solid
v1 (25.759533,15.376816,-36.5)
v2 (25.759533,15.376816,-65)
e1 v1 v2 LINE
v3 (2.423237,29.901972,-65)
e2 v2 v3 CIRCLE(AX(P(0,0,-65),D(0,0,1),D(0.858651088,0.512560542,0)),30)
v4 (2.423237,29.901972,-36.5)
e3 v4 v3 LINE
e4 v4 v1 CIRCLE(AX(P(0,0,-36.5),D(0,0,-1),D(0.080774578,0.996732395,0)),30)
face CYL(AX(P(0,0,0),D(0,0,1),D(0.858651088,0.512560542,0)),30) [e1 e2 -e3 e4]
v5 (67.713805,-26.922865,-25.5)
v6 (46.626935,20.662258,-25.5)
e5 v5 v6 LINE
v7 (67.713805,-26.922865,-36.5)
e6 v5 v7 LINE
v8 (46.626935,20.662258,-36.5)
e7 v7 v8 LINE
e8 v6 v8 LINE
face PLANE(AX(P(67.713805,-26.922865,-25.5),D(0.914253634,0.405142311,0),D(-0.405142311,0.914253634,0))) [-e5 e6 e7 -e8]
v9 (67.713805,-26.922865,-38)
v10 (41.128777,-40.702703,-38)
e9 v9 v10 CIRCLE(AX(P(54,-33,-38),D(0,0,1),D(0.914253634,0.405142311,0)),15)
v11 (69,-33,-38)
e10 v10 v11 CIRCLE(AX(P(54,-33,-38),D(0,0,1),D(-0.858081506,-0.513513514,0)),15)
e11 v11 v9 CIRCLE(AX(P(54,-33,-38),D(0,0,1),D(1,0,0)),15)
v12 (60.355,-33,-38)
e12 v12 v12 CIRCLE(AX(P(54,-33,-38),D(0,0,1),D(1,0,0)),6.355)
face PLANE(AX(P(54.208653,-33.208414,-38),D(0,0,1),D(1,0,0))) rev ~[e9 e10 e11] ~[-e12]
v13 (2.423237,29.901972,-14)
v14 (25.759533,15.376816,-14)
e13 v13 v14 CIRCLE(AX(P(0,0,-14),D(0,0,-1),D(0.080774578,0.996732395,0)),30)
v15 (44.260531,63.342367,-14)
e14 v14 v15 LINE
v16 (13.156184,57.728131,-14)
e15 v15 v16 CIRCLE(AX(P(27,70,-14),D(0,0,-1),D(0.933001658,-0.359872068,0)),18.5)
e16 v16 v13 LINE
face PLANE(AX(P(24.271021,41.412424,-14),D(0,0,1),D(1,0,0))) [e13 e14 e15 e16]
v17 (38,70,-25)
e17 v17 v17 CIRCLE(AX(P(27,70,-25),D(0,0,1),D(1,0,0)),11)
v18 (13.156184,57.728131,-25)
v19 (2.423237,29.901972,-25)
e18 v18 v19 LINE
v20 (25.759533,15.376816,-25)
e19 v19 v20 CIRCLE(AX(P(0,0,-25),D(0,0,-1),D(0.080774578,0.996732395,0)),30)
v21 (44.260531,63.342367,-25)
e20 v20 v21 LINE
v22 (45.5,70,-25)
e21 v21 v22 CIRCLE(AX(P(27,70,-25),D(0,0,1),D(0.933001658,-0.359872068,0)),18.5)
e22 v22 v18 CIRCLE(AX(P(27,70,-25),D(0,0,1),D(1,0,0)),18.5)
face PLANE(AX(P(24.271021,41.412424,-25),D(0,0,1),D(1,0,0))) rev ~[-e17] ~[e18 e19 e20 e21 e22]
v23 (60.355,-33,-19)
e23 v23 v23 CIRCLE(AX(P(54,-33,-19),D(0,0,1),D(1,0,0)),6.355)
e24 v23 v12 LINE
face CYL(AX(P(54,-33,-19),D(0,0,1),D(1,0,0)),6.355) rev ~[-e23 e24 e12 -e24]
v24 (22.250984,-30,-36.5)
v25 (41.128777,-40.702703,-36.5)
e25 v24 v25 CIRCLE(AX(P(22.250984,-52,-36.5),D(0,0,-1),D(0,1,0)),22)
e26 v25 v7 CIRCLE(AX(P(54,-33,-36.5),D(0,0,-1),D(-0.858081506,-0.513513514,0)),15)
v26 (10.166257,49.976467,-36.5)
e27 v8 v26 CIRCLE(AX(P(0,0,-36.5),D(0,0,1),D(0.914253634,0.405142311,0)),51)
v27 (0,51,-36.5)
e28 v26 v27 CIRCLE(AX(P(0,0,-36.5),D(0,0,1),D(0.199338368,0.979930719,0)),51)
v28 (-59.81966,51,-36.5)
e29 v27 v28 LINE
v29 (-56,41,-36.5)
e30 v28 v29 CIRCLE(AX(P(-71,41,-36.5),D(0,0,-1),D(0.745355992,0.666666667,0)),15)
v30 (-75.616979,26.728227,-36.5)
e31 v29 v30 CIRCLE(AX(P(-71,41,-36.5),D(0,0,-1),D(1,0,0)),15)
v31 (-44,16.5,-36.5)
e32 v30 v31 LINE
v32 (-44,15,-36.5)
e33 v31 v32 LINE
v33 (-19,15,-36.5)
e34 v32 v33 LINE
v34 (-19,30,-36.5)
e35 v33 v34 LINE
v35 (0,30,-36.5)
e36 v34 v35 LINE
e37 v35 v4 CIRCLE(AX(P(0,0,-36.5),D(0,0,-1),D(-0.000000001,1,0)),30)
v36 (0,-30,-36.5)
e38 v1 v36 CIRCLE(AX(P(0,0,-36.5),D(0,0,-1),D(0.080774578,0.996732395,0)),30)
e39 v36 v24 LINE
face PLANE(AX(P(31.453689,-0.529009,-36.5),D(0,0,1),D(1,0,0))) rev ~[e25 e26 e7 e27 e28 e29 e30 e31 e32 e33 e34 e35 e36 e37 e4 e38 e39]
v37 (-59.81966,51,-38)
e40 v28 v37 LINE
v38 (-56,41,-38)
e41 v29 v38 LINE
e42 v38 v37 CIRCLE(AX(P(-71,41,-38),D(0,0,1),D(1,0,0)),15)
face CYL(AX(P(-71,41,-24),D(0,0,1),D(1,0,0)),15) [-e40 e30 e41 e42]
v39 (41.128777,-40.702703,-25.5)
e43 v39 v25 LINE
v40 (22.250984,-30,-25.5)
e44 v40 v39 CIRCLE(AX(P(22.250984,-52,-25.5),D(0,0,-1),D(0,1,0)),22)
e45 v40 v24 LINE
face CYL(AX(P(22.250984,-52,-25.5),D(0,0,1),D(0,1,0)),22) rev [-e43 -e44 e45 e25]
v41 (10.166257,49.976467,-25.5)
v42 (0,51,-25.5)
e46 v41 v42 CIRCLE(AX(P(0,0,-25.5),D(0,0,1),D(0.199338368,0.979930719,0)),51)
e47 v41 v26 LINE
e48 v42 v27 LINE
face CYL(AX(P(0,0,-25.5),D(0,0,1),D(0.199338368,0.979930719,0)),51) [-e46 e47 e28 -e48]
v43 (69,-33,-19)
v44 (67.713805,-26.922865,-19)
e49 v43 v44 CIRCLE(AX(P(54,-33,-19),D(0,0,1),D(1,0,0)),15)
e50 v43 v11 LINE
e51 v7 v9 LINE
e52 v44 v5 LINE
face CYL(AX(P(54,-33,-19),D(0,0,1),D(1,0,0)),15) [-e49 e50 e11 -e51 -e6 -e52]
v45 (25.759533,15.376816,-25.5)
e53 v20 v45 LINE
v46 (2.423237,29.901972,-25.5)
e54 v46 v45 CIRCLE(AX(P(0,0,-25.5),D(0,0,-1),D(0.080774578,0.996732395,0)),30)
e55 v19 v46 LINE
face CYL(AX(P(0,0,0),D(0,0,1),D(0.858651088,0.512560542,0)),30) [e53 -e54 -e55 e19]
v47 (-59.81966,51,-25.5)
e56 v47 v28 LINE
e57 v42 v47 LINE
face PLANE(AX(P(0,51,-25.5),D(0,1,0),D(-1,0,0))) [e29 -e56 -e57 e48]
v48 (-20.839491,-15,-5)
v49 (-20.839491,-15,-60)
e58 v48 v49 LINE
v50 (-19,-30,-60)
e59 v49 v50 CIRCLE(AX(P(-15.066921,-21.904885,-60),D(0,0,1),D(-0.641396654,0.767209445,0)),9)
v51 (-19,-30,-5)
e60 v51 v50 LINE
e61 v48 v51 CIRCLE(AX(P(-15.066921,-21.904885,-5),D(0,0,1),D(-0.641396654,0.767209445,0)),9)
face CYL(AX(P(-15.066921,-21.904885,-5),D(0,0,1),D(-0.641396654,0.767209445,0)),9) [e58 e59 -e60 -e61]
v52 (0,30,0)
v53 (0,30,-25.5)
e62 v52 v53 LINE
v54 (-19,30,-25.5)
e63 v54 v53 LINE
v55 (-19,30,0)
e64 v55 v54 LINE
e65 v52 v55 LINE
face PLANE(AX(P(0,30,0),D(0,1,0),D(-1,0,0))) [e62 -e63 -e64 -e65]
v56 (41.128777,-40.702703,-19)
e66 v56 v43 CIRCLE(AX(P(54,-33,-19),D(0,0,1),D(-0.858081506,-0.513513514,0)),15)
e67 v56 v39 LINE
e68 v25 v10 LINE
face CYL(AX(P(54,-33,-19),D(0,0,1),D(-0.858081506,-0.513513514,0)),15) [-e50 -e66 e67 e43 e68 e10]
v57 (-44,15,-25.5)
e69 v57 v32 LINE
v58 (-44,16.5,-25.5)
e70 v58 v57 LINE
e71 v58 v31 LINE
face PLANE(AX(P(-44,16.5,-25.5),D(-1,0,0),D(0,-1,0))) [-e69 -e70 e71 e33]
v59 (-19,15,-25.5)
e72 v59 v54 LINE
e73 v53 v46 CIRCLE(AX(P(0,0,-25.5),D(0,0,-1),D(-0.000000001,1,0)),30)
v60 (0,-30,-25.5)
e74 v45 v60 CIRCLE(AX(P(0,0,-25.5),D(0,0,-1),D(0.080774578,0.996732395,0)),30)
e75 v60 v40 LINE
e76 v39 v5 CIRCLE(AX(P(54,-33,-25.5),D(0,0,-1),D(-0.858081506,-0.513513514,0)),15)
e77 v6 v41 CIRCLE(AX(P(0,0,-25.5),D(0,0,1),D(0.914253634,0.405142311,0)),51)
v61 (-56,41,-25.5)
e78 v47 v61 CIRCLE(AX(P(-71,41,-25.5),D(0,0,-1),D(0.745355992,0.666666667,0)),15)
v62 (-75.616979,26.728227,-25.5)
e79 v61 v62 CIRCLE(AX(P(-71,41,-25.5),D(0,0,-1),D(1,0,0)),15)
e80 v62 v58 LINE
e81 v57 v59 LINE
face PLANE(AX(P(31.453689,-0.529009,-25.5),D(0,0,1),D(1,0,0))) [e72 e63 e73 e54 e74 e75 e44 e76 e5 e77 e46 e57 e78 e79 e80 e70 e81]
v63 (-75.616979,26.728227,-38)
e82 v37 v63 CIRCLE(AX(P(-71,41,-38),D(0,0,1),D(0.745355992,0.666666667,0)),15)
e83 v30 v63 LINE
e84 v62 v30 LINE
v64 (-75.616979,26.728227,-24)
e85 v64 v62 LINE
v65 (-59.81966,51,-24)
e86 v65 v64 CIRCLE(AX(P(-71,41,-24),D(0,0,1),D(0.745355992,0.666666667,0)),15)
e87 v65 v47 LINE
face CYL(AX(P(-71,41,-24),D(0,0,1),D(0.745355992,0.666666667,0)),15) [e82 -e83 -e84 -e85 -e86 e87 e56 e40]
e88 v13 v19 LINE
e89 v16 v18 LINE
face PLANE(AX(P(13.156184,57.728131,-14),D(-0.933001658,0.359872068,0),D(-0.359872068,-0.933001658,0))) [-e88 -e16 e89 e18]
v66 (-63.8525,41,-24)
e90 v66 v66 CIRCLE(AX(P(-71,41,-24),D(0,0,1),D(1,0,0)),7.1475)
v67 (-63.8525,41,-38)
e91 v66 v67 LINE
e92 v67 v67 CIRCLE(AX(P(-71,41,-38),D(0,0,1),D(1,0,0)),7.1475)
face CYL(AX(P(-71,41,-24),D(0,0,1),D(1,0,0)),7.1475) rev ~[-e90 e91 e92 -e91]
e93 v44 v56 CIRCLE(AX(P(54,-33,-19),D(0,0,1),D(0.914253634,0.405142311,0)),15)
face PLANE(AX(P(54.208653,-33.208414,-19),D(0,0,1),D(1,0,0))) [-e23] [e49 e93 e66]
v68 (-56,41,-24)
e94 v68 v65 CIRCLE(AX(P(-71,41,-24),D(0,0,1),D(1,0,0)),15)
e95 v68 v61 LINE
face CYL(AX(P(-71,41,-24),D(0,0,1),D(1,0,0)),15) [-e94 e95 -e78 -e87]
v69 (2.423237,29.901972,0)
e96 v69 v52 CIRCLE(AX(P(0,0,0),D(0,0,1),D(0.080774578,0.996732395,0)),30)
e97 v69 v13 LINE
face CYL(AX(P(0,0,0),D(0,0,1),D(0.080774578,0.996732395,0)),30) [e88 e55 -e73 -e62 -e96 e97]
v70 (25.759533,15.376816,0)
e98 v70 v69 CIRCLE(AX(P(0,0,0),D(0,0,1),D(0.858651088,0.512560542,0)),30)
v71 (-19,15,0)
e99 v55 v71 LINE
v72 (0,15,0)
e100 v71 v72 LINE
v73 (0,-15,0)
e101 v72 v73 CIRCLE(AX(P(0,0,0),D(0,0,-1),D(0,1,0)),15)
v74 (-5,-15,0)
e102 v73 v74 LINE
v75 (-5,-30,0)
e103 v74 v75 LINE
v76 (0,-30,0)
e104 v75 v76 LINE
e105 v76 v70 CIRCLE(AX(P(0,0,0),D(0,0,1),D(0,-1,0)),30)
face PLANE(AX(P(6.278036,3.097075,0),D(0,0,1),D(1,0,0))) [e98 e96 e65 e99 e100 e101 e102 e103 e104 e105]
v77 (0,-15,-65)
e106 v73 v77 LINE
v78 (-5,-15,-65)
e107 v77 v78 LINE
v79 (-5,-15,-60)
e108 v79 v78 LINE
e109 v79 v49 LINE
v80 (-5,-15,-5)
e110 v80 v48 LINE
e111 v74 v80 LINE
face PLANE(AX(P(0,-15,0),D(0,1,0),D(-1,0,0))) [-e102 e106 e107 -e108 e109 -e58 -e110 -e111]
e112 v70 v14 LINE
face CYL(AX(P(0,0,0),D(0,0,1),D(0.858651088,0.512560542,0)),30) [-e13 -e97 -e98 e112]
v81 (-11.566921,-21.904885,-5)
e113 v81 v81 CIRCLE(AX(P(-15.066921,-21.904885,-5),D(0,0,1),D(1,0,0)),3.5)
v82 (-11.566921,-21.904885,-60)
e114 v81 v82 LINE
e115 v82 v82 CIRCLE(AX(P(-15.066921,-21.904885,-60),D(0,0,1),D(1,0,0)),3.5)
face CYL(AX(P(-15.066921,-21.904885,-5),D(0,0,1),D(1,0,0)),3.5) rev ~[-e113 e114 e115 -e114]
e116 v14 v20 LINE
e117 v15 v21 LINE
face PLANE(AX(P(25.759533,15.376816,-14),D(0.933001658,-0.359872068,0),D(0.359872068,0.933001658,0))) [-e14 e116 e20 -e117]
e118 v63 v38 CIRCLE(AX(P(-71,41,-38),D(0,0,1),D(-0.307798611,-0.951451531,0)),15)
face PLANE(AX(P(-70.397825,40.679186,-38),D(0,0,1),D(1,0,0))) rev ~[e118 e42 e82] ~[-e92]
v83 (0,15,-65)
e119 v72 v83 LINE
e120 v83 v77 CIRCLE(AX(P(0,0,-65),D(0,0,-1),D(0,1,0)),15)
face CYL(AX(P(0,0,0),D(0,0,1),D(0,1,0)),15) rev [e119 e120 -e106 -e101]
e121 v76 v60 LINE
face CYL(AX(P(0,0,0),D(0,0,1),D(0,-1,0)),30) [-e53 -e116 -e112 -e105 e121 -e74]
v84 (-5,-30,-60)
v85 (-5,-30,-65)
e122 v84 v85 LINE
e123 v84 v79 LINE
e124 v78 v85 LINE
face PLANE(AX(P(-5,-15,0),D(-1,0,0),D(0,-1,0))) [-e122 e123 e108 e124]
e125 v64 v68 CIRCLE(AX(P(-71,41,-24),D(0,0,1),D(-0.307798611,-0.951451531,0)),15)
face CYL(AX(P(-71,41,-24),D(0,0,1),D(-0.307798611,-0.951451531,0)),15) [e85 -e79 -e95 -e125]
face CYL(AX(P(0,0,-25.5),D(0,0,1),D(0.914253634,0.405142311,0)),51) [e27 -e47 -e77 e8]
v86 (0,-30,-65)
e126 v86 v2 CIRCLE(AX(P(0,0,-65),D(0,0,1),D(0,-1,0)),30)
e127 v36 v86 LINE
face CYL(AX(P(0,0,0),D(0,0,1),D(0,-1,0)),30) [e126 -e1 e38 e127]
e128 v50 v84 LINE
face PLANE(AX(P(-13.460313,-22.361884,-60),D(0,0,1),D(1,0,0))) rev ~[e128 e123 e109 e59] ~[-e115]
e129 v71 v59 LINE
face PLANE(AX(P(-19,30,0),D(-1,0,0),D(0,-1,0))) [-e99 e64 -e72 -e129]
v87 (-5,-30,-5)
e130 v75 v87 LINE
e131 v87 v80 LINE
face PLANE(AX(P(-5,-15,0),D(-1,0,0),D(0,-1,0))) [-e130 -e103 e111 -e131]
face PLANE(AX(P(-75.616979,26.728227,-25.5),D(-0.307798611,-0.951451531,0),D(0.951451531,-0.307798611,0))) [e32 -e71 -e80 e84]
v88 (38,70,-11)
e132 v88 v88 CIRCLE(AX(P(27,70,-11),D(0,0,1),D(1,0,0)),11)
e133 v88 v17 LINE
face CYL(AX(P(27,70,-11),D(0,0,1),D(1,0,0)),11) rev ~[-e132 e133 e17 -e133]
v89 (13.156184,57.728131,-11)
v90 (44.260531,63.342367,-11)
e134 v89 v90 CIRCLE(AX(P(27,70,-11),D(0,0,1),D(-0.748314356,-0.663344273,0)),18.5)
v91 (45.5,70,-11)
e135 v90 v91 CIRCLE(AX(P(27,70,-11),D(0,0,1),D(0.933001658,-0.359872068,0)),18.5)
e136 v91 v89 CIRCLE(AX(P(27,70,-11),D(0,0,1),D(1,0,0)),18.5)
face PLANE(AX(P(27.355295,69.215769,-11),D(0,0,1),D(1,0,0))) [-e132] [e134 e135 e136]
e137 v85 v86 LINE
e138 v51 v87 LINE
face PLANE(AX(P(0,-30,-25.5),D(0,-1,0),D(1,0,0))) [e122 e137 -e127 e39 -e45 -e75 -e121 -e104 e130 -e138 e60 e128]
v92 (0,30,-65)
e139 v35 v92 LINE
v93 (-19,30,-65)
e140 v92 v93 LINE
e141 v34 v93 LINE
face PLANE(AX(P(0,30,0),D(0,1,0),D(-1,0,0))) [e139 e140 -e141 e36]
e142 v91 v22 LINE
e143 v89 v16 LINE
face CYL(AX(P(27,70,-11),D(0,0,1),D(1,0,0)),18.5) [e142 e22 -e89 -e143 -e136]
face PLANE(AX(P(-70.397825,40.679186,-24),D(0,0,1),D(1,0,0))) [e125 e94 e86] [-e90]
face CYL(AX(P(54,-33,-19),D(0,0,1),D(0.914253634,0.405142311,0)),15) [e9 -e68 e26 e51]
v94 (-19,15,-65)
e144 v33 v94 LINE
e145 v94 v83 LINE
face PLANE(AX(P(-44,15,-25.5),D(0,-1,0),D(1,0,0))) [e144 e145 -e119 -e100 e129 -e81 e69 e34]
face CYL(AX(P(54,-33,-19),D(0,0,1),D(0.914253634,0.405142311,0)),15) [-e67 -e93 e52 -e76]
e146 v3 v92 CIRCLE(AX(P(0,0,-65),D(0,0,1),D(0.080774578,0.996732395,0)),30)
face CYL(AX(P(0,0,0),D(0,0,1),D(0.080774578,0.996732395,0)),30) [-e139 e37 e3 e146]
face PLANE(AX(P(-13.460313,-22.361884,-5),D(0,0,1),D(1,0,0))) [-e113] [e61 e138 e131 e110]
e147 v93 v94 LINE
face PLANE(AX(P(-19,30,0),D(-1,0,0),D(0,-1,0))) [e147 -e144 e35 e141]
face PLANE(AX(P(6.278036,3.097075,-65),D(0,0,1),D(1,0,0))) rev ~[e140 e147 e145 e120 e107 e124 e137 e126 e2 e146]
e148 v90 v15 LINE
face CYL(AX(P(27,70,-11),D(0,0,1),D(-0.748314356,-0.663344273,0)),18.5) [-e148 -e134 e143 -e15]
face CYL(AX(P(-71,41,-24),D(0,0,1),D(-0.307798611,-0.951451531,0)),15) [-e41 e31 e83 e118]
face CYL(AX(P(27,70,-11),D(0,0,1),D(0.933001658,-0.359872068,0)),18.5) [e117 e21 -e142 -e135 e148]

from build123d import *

# Parameters (mm, degrees)
BOSS_EXTRUDE1_DEPTH = 65
BOSS_EXTRUDE2_START = -11
SKETCH1_4_R         = 11
BOSS_EXTRUDE2_DEPTH = 14
BOSS_EXTRUDE3_START = -19
SKETCH1_5_R         = 6.355
BOSS_EXTRUDE3_DEPTH = 19
BOSS_EXTRUDE4_START = -24
SKETCH1_6_R         = 7.1475
BOSS_EXTRUDE4_DEPTH = 14
BOSS_EXTRUDE5_START = -25.5
BOSS_EXTRUDE5_DEPTH = 11
BOSS_EXTRUDE6_START = -25.5
BOSS_EXTRUDE6_DEPTH = 11
BOSS_EXTRUDE8_START = -14
BOSS_EXTRUDE8_DEPTH = 11
BOSS_EXTRUDE9_START = -5
SKETCH1_11_R        = 3.5
BOSS_EXTRUDE9_DEPTH = 55


with BuildPart() as part:
    # Sketch1 → Boss-Extrude1 (new body)
    with BuildSketch(Plane.XY):
        with BuildLine():
            ThreePointArc((2.423237338, 29.901971855), (1.212609656, 29.975482946), (0, 30))
            Line((0, 30), (-19, 30))
            Line((-19, 30), (-19, 15))
            Line((-19, 15), (0, 15))
            ThreePointArc((0, 15), (15, 0), (0, -15))
            Line((0, -15), (-5, -15))
            Line((-5, -15), (-5, -30))
            Line((-5, -30), (0, -30))
            ThreePointArc((0, -30), (26.089312829, -14.810393516), (25.759532638, 15.376816259))
            ThreePointArc((25.759532638, 15.376816259), (15.852828365, 25.469350852), (2.423237338, 29.901971855))
        make_face()
    extrude(amount=-BOSS_EXTRUDE1_DEPTH)



with BuildPart() as body_2:
    # Sketch1<4> → Boss-Extrude2 (new body)
    with BuildSketch(Plane.XY.offset(BOSS_EXTRUDE2_START)):
        with BuildLine():
            ThreePointArc((45.5, 70), (20.437248607, 87.29682902), (13.156184416, 57.728130946))
            ThreePointArc((13.156184416, 57.728130946), (30.286091355, 51.794187642), (44.26053068, 63.342366738))
            ThreePointArc((44.26053068, 63.342366738), (45.187493197, 66.61398594), (45.5, 70))
        make_face()
        with Locations((27, 70)):
            Circle(SKETCH1_4_R, mode=Mode.SUBTRACT)
    extrude(amount=-BOSS_EXTRUDE2_DEPTH)


with BuildPart() as body_3:
    # Sketch1<5> → Boss-Extrude3 (new body)
    with BuildSketch(Plane.XY.offset(BOSS_EXTRUDE3_START)):
        with BuildLine():
            ThreePointArc((69, -33), (68.674928752, -29.894123935), (67.713804516, -26.922865338))
            ThreePointArc((67.713804516, -26.922865338), (47.097213206, -19.682660383), (41.128777406, -40.702702703))
            ThreePointArc((41.128777406, -40.702702703), (57.995726535, -47.458014022), (69, -33))
        make_face()
        with Locations((54, -33)):
            Circle(SKETCH1_5_R, mode=Mode.SUBTRACT)
    extrude(amount=-BOSS_EXTRUDE3_DEPTH)


with BuildPart() as body_4:
    # Sketch1<6> → Boss-Extrude4 (new body)
    with BuildSketch(Plane.XY.offset(BOSS_EXTRUDE4_START)):
        with BuildLine():
            ThreePointArc((-56, 41), (-56.987414616, 46.352331347), (-59.819660113, 51))
            ThreePointArc((-59.819660113, 51), (-83.571760681, 49.182348891), (-75.616979166, 26.728227041))
            ThreePointArc((-75.616979166, 26.728227041), (-62.175451499, 28.870393916), (-56, 41))
        make_face()
        with Locations((-71, 41)):
            Circle(SKETCH1_6_R, mode=Mode.SUBTRACT)
    extrude(amount=-BOSS_EXTRUDE4_DEPTH)


with BuildPart() as part_1:
    add(part.part)

    add(body_4.part)  # Boss-Extrude5 merges body 4
    # Sketch1<7> → Boss-Extrude5 (add)
    with BuildSketch(Plane.XY.offset(BOSS_EXTRUDE5_START)):
        with BuildLine():
            Line((-19, 30), (0, 30))
            ThreePointArc((0, 30), (1.212609656, 29.975482946), (2.423237338, 29.901971855))
            Line((2.423237338, 29.901971855), (10.166256776, 49.976466693))
            ThreePointArc((10.166256776, 49.976466693), (5.10882563, 50.743471508), (0, 51))
            Line((0, 51), (-59.819660113, 51))
            ThreePointArc((-59.819660113, 51), (-56.987414616, 46.352331347), (-56, 41))
            ThreePointArc((-56, 41), (-62.175451499, 28.870393916), (-75.616979166, 26.728227041))
            Line((-75.616979166, 26.728227041), (-44, 16.5))
            Line((-44, 16.5), (-44, 15))
            Line((-44, 15), (-19, 15))
            Line((-19, 15), (-19, 30))
        make_face()
    extrude(amount=-BOSS_EXTRUDE5_DEPTH)


    add(body_3.part)  # Boss-Extrude6 merges body 3
    # Sketch1<8> → Boss-Extrude6 (add)
    with BuildSketch(Plane.XY.offset(BOSS_EXTRUDE6_START)):
        with BuildLine():
            Line((10.166256776, 49.976466693), (2.423237338, 29.901971855))
            ThreePointArc((2.423237338, 29.901971855), (29.975482946, -1.212609656), (0, -30))
            Line((0, -30), (22.250984267, -30))
            ThreePointArc((22.250984267, -30), (33.101317429, -32.861811207), (41.128777406, -40.702702703))
            ThreePointArc((41.128777406, -40.702702703), (47.097213206, -19.682660383), (67.713804516, -26.922865338))
            Line((67.713804516, -26.922865338), (46.626935354, 20.662257852))
            ThreePointArc((46.626935354, 20.662257852), (31.956179028, 39.746730959), (10.166256776, 49.976466693))
        make_face()
    extrude(amount=-BOSS_EXTRUDE6_DEPTH)


    add(body_2.part)  # Boss-Extrude8 merges body 2
    # Sketch1<9> → Boss-Extrude8 (add)
    with BuildSketch(Plane.XY.offset(BOSS_EXTRUDE8_START)):
        with BuildLine():
            ThreePointArc((2.423237338, 29.901971855), (15.852828365, 25.469350852), (25.759532638, 15.376816259))
            Line((25.759532638, 15.376816259), (44.26053068, 63.342366738))
            ThreePointArc((44.26053068, 63.342366738), (30.286091355, 51.794187642), (13.156184416, 57.728130946))
            Line((13.156184416, 57.728130946), (2.423237338, 29.901971855))
        make_face()
    extrude(amount=-BOSS_EXTRUDE8_DEPTH)

    # Sketch1<11> → Boss-Extrude9 (add)
    with BuildSketch(Plane.XY.offset(BOSS_EXTRUDE9_START)):
        with BuildLine():
            Line((-19, -30), (-5, -30))
            Line((-5, -30), (-5, -15))
            Line((-5, -15), (-20.839490527, -15))
            ThreePointArc((-20.839490527, -15), (-24, -23.000372662), (-19, -30))
        make_face()
        with Locations((-15.066920643, -21.904885006)):
            Circle(SKETCH1_11_R, mode=Mode.SUBTRACT)
    extrude(amount=-BOSS_EXTRUDE9_DEPTH)


solid = part_1.part
